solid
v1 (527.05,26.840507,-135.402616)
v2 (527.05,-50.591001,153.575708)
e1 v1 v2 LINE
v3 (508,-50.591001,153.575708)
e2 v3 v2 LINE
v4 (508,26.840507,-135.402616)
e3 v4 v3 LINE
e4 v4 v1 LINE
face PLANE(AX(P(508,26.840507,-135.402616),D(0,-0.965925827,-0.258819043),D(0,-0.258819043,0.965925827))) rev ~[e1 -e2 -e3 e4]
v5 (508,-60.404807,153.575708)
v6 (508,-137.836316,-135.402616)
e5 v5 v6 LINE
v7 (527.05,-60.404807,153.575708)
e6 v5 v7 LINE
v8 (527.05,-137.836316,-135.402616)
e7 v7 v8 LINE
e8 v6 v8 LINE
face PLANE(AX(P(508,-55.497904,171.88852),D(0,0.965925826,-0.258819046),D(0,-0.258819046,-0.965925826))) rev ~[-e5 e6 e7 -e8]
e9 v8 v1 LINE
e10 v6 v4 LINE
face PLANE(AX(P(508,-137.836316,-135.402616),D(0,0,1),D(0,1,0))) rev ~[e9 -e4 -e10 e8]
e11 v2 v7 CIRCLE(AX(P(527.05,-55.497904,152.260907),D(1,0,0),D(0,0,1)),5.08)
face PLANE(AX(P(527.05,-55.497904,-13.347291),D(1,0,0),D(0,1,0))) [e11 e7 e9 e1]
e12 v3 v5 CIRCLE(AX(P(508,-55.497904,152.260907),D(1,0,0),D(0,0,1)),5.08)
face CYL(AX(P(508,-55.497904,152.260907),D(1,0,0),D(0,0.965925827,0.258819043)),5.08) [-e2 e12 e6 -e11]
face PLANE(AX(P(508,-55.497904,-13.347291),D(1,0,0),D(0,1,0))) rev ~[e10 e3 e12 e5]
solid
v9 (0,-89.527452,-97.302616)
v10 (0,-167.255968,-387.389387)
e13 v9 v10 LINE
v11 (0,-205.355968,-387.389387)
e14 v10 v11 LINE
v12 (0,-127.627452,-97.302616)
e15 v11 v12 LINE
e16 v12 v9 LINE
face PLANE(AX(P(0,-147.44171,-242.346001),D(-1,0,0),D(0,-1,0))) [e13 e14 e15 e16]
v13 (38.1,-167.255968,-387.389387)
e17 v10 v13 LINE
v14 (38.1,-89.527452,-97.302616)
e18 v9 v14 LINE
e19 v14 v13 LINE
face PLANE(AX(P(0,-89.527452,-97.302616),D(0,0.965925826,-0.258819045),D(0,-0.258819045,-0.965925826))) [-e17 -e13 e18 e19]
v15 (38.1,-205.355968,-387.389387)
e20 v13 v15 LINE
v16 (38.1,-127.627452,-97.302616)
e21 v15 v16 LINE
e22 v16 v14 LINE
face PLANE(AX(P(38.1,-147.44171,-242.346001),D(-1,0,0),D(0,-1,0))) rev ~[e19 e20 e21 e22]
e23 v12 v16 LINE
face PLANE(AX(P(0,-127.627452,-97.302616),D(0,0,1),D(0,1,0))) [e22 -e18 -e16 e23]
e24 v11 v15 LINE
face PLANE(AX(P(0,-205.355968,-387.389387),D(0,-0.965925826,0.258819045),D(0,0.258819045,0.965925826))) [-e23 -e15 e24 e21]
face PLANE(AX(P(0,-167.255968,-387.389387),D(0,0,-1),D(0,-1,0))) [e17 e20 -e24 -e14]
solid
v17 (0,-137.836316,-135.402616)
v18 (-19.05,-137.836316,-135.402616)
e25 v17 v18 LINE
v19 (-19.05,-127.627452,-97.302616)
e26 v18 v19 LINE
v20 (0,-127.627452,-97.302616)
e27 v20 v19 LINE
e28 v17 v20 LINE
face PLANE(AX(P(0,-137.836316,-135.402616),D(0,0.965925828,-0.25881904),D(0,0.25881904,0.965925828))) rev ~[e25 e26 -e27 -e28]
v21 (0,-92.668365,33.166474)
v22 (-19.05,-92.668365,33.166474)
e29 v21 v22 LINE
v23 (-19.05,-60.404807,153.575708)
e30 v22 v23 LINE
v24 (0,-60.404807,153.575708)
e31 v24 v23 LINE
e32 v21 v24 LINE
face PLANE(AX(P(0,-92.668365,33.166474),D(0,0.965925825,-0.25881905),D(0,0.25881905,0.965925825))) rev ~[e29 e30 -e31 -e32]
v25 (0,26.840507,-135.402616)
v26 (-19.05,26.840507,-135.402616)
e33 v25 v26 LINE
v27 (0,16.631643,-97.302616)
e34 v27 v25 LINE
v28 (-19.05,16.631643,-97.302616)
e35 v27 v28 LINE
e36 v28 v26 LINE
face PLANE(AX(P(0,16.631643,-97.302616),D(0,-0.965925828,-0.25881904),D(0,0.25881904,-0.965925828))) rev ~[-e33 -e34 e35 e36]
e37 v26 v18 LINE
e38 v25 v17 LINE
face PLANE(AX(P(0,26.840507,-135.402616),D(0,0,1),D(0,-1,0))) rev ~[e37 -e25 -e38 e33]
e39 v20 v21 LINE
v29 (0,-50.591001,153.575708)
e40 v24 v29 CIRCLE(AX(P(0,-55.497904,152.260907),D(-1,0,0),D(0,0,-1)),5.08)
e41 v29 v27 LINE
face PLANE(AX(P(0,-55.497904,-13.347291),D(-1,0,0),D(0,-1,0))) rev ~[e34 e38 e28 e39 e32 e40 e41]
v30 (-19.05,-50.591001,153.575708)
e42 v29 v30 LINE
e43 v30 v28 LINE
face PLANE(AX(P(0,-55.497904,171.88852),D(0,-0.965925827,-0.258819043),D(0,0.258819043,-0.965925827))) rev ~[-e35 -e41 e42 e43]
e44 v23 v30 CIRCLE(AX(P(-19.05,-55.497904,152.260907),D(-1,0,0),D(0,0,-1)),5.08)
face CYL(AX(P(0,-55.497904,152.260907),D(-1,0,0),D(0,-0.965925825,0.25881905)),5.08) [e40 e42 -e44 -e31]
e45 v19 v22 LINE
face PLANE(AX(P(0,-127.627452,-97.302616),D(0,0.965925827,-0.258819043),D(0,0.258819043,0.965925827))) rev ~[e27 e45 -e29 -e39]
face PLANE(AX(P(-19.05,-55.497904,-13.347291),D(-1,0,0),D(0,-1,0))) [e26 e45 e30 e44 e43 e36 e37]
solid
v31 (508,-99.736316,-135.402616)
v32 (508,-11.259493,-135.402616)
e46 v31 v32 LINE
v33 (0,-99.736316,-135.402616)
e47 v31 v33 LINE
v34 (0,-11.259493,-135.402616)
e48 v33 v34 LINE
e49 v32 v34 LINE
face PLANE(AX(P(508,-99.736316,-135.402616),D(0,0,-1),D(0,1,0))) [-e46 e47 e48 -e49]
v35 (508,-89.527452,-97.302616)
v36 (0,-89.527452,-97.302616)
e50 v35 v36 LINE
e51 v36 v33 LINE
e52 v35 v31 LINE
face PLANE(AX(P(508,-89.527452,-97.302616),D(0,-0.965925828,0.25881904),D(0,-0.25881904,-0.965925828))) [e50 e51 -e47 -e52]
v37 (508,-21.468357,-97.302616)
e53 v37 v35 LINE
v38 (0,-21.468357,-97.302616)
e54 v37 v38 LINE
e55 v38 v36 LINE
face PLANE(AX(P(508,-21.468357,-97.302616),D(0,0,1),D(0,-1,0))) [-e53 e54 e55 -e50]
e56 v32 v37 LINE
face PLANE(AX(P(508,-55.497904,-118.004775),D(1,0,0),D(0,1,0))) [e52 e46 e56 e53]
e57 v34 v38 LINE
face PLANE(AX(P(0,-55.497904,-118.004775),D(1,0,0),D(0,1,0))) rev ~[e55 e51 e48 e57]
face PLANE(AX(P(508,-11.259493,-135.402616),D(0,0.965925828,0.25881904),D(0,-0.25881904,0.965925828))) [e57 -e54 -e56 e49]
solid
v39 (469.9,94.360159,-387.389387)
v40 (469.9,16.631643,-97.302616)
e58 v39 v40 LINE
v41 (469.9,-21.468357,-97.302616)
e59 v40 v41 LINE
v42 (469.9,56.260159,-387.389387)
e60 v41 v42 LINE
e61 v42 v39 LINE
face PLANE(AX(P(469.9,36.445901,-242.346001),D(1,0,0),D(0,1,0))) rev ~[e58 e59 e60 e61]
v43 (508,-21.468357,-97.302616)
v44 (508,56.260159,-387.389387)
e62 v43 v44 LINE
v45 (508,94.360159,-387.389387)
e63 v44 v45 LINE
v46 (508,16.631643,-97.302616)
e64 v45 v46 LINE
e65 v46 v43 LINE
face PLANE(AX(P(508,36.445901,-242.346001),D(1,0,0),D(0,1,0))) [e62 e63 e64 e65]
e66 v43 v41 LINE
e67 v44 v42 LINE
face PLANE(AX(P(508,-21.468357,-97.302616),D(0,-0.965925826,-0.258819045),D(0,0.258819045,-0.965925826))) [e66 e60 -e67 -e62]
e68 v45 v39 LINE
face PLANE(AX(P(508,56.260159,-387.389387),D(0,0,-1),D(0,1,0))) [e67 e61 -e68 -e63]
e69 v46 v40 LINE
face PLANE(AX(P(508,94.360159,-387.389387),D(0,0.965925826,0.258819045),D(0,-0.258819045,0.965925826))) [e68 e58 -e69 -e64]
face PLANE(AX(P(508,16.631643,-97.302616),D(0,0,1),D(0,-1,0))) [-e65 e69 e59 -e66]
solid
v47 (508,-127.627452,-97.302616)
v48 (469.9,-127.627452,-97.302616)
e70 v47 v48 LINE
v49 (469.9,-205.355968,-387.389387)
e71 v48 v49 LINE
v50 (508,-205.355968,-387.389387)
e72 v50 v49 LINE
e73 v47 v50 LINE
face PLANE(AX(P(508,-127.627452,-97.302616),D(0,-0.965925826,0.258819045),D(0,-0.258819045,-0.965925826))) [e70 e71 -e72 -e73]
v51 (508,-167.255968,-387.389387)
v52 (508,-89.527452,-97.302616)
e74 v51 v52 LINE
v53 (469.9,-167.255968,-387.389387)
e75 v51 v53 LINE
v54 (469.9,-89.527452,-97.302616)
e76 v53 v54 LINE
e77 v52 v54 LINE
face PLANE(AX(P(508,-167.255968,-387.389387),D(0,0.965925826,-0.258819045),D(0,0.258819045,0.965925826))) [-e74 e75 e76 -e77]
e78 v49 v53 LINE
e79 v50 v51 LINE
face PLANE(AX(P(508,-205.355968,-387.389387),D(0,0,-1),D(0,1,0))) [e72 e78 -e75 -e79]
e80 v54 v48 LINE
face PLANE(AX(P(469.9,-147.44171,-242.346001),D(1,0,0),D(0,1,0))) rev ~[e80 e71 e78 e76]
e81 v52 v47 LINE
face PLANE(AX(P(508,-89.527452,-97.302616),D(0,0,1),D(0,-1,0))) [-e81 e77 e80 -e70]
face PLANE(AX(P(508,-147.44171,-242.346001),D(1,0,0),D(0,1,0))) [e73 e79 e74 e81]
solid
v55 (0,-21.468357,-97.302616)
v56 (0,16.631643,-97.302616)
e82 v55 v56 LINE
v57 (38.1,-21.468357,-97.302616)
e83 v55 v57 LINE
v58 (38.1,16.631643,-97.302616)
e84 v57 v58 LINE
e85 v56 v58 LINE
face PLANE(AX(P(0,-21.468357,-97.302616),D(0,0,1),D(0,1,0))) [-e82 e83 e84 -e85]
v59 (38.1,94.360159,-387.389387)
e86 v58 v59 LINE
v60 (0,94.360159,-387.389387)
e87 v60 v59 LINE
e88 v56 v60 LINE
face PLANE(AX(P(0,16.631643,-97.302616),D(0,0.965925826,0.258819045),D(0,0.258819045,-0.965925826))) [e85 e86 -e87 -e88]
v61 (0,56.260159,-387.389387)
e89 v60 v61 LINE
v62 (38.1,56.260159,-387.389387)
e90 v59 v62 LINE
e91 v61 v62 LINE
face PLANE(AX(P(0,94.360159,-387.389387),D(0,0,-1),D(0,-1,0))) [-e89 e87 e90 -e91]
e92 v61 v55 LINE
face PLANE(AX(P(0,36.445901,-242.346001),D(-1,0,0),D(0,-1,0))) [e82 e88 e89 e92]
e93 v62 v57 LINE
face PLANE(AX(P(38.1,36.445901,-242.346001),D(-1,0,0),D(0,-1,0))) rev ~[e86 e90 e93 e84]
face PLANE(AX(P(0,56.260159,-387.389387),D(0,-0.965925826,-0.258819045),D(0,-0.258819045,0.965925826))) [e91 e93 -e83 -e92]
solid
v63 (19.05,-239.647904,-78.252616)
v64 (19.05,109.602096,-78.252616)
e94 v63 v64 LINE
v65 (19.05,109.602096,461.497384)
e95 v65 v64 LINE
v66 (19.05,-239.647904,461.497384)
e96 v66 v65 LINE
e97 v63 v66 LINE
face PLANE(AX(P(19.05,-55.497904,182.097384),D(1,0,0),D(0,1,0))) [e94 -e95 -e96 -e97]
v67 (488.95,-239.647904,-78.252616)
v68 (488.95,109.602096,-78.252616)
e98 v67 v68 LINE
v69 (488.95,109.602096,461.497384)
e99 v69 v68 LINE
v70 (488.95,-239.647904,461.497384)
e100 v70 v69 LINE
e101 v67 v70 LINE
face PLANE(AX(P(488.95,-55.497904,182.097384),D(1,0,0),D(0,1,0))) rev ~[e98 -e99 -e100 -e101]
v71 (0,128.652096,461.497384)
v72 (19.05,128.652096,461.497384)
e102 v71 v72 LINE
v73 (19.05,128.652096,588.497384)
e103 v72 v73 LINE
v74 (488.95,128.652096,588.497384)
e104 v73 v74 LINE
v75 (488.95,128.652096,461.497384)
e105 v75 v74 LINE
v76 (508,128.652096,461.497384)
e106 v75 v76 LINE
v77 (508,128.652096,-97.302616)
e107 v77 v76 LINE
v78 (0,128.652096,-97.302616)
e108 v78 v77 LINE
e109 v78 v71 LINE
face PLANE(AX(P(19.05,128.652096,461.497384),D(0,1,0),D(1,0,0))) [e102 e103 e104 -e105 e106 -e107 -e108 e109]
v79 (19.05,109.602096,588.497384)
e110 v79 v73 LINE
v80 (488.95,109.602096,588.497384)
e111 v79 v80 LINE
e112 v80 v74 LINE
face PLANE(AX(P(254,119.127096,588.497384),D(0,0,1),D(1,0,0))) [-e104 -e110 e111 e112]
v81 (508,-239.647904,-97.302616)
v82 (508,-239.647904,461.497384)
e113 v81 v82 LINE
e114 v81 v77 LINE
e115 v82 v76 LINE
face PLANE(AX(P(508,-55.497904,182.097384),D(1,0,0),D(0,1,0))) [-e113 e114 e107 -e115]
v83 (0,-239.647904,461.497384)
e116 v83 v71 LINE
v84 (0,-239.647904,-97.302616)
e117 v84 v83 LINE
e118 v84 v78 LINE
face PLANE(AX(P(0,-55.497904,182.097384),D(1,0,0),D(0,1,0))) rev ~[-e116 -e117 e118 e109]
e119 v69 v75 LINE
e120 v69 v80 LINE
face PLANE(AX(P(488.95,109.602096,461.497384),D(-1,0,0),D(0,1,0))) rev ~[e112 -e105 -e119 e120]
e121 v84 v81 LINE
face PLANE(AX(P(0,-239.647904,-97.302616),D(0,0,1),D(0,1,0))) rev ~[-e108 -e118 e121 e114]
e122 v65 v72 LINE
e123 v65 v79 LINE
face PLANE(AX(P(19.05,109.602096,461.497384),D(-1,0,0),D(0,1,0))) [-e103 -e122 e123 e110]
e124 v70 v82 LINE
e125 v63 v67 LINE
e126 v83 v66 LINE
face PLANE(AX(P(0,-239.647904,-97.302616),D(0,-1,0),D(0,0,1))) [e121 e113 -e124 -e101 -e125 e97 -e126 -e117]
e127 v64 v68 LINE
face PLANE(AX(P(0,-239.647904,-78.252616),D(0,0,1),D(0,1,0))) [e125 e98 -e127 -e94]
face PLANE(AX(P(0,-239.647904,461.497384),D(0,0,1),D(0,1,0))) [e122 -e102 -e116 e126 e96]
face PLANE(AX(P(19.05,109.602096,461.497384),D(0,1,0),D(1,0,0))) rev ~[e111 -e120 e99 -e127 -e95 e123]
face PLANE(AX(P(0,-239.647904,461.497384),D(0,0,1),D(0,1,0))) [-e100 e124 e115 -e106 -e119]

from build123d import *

# Parameters (mm, degrees)
F0_W      = 368.3
F0_H      = 558.8
F1_DEPTH  = 508
F2_T      = -19.05
F3_W      = 469.9
F3_H      = 19.05
F4_DEPTH  = 127
F6_DEPTH  = 38.1
F8_DEPTH  = 38.1
F10_DEPTH = 508
F12_DEPTH = 19.05
F14_DEPTH = 19.05
F15_R     = 5.08
F16_R     = 5.08


with BuildPart() as f1:
    # F0 (on Right) → F1 (new body)
    with BuildSketch(Plane.YZ):
        with Locations((-55.497904, 182.097384)):
            Rectangle(F0_W, F0_H)
    extrude(amount=F1_DEPTH)

    # F2
    f2_openings = [f1.faces().sort_by_distance(p)[0] for p in [
        (254, -55.497904, 461.497384),
        (254, -239.647904, 182.097384),
    ]]
    offset(amount=F2_T, openings=f2_openings)

    # F3 (on face) → F4 (join)
    with BuildSketch(Plane.XY.offset(461.497384)):
        with Locations((254, 119.127096)):
            Rectangle(F3_W, F3_H)
    extrude(amount=F4_DEPTH)


with BuildPart() as f6:
    # F5 (on face) → F6 (new body)
    with BuildSketch(Plane.YZ.offset(508)):
        Polygon((16.631643, -97.302616), (-21.468357, -97.302616), (56.260159, -387.389387), (94.360159, -387.389387), align=None)
        Polygon((-127.627452, -97.302616), (-205.355968, -387.389387), (-167.255968, -387.389387), (-89.527452, -97.302616), align=None)
    extrude(amount=-F6_DEPTH)


with BuildPart() as f8:
    # F7 (on face) → F8 (new body)
    with BuildSketch(Plane(origin=(0, 0, 0), x_dir=(0, -1, 0), z_dir=(-1, 0, 0))):
        Polygon((-16.631643, -97.302616), (-94.360159, -387.389387), (-56.260159, -387.389387), (21.468357, -97.302616), align=None)
        Polygon((127.627452, -97.302616), (89.527452, -97.302616), (167.255968, -387.389387), (205.355968, -387.389387), align=None)
    extrude(amount=-F8_DEPTH)


with BuildPart() as f10:
    # F9 (on face) → F10 (new body, through all)
    with BuildSketch(Plane.YZ.offset(508)):
        Polygon((-21.468357, -97.302616), (-89.527452, -97.302616), (-99.736316, -135.402616), (-11.259493, -135.402616), align=None)
    extrude(amount=-F10_DEPTH)


with BuildPart() as f12:
    # F11 (on face) → F12 (new body)
    with BuildSketch(Plane(origin=(0, 0, 0), x_dir=(0, -1, 0), z_dir=(-1, 0, 0))):
        Polygon((-26.840507, -135.402616), (11.259493, -135.402616), (99.736316, -135.402616), (137.836316, -135.402616), (127.627452, -97.302616), (92.668365, 33.166474), (55.497904, 171.88852), (-16.631643, -97.302616), align=None)
    extrude(amount=F12_DEPTH)

    # F16
    f16_edges = [f12.edges().sort_by_distance(p)[0] for p in [
        (-9.525, -55.497904, 171.88852),
    ]]
    fillet(f16_edges, radius=F16_R)


with BuildPart() as f14:
    # F13 (on face) → F14 (new body)
    with BuildSketch(Plane.YZ.offset(508)):
        Polygon((26.840507, -135.402616), (-55.497904, 171.88852), (-137.836316, -135.402616), (-99.736316, -135.402616), (-11.259493, -135.402616), align=None)
    extrude(amount=F14_DEPTH)

    # F15
    f15_edges = [f14.edges().sort_by_distance(p)[0] for p in [
        (517.525, -55.497904, 171.88852),
    ]]
    fillet(f15_edges, radius=F15_R)


solid = Compound([f1.part, f6.part, f8.part, f10.part, f12.part, f14.part])
